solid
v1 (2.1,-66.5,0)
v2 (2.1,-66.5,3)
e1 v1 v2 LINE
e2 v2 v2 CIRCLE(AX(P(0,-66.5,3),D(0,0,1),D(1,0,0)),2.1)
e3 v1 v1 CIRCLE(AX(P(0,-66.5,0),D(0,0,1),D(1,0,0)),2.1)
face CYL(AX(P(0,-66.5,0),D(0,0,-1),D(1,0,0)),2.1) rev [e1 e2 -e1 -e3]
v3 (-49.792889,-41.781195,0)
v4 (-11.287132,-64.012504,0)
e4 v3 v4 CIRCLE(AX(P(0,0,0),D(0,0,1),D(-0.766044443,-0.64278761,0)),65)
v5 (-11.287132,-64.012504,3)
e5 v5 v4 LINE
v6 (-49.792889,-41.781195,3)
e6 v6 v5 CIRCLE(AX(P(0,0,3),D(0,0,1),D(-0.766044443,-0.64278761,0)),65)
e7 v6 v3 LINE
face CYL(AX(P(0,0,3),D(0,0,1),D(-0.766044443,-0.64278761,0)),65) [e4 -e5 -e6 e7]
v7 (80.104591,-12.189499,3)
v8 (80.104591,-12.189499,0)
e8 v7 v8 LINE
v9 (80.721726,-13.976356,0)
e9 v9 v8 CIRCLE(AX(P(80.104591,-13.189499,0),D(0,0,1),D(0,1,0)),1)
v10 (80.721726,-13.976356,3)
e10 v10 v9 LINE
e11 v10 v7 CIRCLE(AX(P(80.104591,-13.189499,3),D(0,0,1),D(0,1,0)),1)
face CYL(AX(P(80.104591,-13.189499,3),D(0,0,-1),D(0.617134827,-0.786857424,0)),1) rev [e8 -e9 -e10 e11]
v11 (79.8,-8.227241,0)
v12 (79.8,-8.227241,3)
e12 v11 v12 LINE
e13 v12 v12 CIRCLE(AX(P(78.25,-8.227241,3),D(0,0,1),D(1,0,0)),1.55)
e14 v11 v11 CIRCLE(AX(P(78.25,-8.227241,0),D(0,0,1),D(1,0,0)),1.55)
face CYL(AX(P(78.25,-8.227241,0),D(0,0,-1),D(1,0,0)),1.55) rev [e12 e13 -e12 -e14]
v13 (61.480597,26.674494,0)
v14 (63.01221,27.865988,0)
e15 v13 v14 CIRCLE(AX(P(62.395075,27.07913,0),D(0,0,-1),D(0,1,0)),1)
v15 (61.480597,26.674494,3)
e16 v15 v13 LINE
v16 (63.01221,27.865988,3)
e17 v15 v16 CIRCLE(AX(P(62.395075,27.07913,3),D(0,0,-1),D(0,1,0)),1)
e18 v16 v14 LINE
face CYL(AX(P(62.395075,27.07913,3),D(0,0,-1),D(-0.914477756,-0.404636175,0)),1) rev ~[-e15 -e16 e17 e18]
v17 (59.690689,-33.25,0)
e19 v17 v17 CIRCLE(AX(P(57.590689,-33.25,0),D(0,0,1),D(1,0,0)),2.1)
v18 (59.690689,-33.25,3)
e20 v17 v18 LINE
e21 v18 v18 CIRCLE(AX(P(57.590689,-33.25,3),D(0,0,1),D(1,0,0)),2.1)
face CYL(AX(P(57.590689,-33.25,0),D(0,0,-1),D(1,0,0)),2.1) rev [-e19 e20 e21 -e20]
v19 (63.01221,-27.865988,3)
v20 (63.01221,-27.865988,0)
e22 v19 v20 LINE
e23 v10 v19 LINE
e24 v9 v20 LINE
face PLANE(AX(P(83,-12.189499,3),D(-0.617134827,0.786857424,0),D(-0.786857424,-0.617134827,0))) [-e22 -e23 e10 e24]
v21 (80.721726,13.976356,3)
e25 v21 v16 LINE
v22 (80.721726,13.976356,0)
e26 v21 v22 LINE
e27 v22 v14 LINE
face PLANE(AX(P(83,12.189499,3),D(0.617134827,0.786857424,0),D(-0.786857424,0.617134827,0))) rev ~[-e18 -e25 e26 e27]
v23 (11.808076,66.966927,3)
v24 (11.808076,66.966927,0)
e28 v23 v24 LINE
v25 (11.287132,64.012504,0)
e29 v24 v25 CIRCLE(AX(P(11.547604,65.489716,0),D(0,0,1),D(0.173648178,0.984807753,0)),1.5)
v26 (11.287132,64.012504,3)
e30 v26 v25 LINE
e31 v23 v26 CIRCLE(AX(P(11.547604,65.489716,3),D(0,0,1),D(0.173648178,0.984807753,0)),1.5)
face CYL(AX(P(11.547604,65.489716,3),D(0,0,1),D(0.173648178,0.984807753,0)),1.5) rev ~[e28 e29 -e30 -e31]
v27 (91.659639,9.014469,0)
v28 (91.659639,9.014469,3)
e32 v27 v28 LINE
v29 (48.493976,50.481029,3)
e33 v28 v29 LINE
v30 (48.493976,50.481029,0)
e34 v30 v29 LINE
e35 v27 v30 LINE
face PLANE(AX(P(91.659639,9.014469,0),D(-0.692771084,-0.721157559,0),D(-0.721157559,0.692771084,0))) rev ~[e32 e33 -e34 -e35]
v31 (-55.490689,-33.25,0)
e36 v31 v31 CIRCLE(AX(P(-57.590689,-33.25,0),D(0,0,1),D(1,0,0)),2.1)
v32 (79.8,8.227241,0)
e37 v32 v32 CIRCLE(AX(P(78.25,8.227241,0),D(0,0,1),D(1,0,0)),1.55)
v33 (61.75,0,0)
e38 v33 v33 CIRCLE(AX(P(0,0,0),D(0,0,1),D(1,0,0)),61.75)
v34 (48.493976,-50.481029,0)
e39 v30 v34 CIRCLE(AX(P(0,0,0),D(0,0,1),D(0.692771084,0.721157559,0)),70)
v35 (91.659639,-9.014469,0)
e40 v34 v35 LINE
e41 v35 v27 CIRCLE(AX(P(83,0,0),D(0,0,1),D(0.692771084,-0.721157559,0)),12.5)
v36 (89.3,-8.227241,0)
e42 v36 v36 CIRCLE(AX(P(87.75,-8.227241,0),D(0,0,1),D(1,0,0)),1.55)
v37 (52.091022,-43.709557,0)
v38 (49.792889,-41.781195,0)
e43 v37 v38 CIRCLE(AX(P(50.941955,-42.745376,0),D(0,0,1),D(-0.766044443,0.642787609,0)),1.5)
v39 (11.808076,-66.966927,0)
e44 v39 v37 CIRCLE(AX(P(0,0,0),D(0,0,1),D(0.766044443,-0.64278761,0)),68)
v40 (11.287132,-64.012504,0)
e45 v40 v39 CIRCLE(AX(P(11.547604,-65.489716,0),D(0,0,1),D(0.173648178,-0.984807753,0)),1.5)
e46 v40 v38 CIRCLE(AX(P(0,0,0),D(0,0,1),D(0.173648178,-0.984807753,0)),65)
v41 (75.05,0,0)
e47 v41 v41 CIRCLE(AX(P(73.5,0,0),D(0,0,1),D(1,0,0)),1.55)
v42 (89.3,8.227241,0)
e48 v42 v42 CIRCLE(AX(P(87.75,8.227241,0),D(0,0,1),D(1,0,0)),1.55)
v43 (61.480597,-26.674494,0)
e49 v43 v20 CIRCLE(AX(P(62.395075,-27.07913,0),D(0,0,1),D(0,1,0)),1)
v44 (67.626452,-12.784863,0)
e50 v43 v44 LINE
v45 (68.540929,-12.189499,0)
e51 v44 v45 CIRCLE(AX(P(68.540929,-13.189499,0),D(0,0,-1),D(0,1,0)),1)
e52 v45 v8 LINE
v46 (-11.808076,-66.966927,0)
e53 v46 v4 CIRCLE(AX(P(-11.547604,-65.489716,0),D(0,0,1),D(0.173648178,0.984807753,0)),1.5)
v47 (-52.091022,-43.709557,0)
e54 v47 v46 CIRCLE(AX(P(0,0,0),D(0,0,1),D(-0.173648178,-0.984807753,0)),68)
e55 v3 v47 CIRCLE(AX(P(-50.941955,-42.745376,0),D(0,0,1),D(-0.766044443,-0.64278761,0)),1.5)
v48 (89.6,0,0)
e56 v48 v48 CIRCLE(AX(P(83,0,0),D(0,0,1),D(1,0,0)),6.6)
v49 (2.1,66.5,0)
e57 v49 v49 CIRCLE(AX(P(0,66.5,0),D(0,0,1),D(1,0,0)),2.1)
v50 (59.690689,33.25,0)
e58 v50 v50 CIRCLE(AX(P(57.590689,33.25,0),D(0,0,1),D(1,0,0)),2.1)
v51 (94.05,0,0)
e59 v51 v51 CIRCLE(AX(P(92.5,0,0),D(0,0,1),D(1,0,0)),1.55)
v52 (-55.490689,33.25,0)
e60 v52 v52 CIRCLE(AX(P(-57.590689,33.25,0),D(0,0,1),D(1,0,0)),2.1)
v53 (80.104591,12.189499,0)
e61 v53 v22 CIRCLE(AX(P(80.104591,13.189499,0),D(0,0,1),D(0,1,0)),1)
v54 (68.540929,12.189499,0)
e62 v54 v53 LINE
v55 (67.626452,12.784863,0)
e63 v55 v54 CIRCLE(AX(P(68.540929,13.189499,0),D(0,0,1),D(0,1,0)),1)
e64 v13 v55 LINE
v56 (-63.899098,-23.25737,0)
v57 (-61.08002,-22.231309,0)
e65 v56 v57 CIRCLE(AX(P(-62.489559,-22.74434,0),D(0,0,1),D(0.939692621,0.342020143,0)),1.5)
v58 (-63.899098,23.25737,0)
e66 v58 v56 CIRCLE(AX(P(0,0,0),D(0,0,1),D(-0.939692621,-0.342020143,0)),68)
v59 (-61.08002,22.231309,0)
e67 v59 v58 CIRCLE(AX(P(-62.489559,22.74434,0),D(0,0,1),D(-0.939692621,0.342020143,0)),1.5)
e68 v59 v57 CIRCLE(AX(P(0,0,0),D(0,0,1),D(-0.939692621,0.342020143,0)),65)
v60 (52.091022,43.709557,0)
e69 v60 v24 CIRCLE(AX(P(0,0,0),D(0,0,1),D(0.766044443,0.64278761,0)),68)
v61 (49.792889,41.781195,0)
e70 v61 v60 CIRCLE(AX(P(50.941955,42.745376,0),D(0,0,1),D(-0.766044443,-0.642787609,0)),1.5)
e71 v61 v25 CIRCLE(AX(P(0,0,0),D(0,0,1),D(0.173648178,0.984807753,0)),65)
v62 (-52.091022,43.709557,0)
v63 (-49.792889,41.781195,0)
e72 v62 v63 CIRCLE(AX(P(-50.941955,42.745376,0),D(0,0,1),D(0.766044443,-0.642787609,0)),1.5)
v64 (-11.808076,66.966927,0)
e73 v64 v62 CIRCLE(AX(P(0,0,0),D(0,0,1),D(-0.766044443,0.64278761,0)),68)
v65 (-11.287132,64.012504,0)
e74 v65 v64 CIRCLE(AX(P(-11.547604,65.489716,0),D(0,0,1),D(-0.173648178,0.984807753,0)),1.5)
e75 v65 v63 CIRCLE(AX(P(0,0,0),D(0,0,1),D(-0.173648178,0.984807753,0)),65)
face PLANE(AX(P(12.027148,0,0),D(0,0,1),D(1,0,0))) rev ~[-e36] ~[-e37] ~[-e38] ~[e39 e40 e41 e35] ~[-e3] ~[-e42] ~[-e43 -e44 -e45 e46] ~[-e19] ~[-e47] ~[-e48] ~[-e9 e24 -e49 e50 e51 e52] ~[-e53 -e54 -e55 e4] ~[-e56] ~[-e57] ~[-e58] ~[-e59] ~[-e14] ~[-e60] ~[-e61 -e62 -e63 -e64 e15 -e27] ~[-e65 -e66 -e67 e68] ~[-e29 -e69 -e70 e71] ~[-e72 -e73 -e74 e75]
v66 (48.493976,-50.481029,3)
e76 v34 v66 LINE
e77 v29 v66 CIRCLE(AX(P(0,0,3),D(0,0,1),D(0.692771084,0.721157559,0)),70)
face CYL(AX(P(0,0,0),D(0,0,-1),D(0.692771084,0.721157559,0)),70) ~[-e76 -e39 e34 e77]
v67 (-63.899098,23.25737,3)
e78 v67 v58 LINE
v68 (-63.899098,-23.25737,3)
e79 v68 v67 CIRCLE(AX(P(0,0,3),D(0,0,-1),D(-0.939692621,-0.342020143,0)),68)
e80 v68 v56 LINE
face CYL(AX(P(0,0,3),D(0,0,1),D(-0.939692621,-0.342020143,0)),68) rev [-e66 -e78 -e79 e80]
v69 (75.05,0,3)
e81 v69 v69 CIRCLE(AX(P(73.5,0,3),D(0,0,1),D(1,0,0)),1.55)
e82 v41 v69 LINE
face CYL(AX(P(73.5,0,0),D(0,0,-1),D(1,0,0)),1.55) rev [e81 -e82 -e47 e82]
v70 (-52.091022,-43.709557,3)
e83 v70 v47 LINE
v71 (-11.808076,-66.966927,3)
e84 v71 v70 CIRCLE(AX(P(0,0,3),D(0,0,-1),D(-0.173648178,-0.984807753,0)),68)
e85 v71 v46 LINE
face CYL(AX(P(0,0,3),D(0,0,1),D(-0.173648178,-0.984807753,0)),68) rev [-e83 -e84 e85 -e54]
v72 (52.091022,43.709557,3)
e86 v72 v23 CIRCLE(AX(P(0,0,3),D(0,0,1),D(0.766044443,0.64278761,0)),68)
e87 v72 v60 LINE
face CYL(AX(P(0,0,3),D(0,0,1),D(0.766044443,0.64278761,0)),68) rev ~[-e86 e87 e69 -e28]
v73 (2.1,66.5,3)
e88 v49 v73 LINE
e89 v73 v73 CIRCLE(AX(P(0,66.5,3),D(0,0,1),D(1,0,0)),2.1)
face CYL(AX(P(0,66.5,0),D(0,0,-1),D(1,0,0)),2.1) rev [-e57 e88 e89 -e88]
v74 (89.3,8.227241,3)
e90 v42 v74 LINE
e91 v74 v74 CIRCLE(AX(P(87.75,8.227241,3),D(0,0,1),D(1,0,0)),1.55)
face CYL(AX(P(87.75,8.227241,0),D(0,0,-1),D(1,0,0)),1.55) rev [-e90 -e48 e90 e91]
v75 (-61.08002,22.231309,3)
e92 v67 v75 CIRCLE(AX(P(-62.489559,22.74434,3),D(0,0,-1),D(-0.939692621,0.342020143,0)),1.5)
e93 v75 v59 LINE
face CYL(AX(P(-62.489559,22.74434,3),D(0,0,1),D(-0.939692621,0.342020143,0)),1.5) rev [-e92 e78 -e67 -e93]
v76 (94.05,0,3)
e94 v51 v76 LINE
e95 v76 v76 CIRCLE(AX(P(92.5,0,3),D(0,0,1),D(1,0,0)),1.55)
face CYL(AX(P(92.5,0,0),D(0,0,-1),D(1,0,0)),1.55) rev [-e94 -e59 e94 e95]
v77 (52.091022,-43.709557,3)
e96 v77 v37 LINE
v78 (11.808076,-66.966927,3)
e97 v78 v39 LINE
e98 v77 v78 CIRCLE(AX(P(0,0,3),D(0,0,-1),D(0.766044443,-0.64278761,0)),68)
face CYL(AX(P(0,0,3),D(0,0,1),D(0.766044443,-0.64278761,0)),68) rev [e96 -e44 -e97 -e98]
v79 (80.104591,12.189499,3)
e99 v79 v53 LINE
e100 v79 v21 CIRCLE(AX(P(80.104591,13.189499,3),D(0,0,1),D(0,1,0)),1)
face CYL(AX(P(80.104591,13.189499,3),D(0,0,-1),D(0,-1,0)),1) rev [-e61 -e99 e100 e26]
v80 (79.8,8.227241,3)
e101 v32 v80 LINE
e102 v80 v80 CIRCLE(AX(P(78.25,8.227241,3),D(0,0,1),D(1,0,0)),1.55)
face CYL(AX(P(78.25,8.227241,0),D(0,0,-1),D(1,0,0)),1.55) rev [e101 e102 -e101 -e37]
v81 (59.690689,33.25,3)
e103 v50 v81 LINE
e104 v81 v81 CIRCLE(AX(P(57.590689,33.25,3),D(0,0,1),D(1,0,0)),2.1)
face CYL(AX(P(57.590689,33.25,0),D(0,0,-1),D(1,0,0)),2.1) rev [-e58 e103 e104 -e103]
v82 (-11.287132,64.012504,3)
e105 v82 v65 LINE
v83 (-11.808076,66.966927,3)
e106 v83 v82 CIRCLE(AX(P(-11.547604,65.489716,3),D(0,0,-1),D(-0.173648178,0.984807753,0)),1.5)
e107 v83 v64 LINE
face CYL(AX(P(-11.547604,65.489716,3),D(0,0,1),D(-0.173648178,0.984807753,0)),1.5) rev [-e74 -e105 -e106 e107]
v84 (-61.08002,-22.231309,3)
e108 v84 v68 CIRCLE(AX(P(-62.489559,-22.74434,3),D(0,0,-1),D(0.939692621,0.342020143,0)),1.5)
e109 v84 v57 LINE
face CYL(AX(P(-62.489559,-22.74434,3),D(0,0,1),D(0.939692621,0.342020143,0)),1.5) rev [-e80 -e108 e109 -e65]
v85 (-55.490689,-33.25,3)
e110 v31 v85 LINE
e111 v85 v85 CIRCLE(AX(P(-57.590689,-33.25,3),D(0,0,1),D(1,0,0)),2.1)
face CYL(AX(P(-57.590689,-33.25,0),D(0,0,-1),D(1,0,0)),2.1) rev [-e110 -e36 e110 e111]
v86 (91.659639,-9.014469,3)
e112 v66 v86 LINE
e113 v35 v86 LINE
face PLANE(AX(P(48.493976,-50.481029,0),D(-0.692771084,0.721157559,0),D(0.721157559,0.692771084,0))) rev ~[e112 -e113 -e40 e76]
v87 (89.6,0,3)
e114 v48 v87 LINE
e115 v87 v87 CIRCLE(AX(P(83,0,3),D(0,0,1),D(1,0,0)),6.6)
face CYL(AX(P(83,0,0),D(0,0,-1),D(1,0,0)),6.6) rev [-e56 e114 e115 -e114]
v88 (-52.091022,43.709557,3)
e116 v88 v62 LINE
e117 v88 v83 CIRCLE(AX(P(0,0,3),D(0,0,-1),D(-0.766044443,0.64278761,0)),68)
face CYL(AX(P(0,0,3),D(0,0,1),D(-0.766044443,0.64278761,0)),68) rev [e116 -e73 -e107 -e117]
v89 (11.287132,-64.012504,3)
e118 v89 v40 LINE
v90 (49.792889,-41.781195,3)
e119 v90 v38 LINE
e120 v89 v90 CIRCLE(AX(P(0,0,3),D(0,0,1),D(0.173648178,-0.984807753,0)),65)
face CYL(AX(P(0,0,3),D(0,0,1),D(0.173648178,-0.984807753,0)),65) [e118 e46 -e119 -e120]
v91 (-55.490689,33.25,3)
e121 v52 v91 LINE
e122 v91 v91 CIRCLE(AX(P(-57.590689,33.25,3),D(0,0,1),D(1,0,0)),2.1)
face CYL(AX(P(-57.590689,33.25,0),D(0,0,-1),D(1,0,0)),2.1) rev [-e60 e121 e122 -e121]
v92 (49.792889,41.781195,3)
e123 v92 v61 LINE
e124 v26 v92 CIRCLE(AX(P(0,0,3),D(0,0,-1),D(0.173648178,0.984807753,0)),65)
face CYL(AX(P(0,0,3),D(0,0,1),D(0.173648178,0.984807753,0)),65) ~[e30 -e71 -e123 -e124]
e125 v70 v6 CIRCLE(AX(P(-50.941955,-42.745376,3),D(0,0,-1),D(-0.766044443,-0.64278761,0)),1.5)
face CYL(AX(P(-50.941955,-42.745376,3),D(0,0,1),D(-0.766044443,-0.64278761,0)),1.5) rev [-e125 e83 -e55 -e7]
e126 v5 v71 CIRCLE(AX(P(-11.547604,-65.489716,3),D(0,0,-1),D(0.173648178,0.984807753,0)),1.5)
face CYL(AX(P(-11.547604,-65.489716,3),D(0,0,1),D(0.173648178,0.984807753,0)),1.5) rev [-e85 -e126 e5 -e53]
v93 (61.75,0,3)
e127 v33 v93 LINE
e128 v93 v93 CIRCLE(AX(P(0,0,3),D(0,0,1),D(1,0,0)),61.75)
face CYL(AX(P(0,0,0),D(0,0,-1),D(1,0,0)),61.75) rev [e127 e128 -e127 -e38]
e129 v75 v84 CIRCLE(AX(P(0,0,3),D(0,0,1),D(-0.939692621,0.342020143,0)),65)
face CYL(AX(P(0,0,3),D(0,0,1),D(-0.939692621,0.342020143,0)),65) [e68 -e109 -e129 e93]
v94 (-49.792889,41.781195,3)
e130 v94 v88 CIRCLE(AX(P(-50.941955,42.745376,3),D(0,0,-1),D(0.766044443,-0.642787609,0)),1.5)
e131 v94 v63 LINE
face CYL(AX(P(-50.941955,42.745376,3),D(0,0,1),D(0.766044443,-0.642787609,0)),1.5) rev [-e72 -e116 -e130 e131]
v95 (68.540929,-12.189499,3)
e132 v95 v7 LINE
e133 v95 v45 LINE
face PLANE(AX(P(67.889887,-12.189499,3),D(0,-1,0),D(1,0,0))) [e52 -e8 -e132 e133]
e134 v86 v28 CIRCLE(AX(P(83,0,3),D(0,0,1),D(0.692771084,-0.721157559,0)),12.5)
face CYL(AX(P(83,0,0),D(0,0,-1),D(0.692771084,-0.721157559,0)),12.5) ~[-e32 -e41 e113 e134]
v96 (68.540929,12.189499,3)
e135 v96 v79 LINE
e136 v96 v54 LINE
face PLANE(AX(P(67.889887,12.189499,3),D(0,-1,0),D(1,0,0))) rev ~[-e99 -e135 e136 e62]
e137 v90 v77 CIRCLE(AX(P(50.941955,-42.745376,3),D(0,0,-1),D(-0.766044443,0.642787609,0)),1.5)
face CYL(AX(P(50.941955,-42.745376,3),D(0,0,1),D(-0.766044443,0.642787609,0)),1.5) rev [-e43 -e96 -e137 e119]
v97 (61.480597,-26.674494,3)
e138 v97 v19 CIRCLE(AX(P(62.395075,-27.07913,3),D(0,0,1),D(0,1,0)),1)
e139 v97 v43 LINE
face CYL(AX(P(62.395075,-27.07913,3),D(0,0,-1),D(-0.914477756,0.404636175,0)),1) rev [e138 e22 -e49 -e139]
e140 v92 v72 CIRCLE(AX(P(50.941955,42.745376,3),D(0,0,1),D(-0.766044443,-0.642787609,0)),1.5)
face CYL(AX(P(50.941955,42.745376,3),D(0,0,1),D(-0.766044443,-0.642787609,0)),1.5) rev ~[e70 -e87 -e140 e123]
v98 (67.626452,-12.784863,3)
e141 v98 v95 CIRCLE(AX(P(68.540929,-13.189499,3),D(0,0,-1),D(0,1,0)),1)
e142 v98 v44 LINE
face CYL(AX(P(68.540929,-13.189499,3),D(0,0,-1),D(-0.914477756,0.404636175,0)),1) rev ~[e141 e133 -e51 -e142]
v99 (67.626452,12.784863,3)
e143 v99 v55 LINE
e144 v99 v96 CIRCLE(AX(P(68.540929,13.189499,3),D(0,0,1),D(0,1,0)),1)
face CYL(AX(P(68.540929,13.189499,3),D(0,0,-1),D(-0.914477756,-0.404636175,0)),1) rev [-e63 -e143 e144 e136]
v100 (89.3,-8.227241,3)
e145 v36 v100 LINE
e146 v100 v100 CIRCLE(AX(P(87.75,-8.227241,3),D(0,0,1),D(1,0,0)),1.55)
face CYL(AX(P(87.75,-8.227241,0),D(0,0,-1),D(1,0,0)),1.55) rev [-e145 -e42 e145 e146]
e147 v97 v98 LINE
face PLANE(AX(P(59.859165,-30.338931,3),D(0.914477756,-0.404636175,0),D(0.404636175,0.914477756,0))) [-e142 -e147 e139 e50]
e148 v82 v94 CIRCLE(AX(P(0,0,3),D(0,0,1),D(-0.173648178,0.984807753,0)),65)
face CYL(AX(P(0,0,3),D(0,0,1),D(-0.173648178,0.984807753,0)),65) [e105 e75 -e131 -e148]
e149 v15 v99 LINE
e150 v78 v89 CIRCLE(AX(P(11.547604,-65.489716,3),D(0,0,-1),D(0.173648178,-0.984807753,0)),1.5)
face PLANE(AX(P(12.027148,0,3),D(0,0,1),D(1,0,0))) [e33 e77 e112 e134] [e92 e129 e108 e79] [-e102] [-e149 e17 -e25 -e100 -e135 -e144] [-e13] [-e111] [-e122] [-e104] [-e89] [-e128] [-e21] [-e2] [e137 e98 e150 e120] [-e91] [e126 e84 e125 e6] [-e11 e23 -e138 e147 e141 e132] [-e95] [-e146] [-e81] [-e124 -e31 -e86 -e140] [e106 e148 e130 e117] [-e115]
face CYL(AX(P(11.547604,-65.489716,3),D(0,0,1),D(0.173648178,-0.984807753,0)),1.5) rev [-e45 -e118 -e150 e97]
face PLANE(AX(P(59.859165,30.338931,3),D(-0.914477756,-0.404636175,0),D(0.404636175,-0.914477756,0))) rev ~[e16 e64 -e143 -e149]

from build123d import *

# Parameters (mm, degrees)
SKETCH_1_R          = 2.1
SKETCH_1_R_2        = 61.75
SKETCH_1_R_3        = 1.55
SKETCH_1_R_4        = 6.6
EXTRUDE_1_DEPTH     = 3
CUT_EXTRUDE_1_DEPTH = 119.445134978
FILLET_1_R          = 1
CUT_EXTRUDE_2_DEPTH = 119.445134978


with BuildPart() as part:
    # 草图1 → 凸台-拉伸1 (new body)
    with BuildSketch(Plane.XY):
        with BuildLine():
            Line((91.659638554, 9.014469486), (48.493975904, 50.48102912))
            ThreePointArc((48.493975904, 50.48102912), (-70, 0), (48.493975904, -50.48102912))
            Line((48.493975904, -50.48102912), (91.659638554, -9.014469486))
            ThreePointArc((91.659638554, -9.014469486), (95.5, 0), (91.659638554, 9.014469486))
        make_face()
        with Locations((0, 66.5)):
            Circle(SKETCH_1_R, mode=Mode.SUBTRACT)
        with Locations((57.590689352, 33.25)):
            Circle(SKETCH_1_R, mode=Mode.SUBTRACT)
        with Locations((0, -66.5)):
            Circle(SKETCH_1_R, mode=Mode.SUBTRACT)
        with Locations((-57.590689352, -33.25)):
            Circle(SKETCH_1_R, mode=Mode.SUBTRACT)
        with Locations((57.590689352, -33.25)):
            Circle(SKETCH_1_R, mode=Mode.SUBTRACT)
        with Locations((-57.590689352, 33.25)):
            Circle(SKETCH_1_R, mode=Mode.SUBTRACT)
        Circle(SKETCH_1_R_2, mode=Mode.SUBTRACT)
        with Locations((87.75, 8.227241336)):
            Circle(SKETCH_1_R_3, mode=Mode.SUBTRACT)
        with Locations((78.25, -8.227241336)):
            Circle(SKETCH_1_R_3, mode=Mode.SUBTRACT)
        with Locations((87.75, -8.227241336)):
            Circle(SKETCH_1_R_3, mode=Mode.SUBTRACT)
        with Locations((73.5, 0)):
            Circle(SKETCH_1_R_3, mode=Mode.SUBTRACT)
        with Locations((83, 0)):
            Circle(SKETCH_1_R_4, mode=Mode.SUBTRACT)
        with Locations((78.25, 8.227241336)):
            Circle(SKETCH_1_R_3, mode=Mode.SUBTRACT)
        with Locations((92.5, 0)):
            Circle(SKETCH_1_R_3, mode=Mode.SUBTRACT)
    extrude(amount=EXTRUDE_1_DEPTH)

    # 草图2 → 切除-拉伸1 (cut, through all)
    with BuildSketch(Plane.XY.offset(3)):
        Polygon((59.859164826, 30.33893107), (67.889886949, 12.18949907), (83, 12.18949907), align=None)
        Polygon((67.889886949, -12.18949907), (83, -12.18949907), (59.859164826, -30.33893107), align=None)
    extrude(amount=-CUT_EXTRUDE_1_DEPTH, mode=Mode.SUBTRACT)

    # 圆角1
    fillet_1_edges = [part.edges().sort_by_distance(p)[0] for p in [
        (59.859164826, 30.33893107, 1.5),
        (83, 12.18949907, 1.5),
        (67.889886949, 12.18949907, 1.5),
        (59.859164826, -30.33893107, 1.5),
        (67.889886949, -12.18949907, 1.5),
        (83, -12.18949907, 1.5),
    ]]
    fillet(fillet_1_edges, radius=FILLET_1_R)

    # 草图3 → 切除-拉伸2 (cut, through all)
    with BuildSketch(Plane.XY.offset(3)):
        with BuildLine():
            ThreePointArc((52.091022132, 43.709557459), (34, 58.889727457), (11.808076081, 66.966927205))
            ThreePointArc((11.808076081, 66.966927205), (10.070392185, 65.750187842), (11.287131548, 64.012503946))
            ThreePointArc((11.287131548, 64.012503946), (32.5, 56.291651246), (49.792888803, 41.78119463))
            ThreePointArc((49.792888803, 41.78119463), (51.906136882, 41.596309379), (52.091022132, 43.709557459))
        make_face()
        with BuildLine():
            ThreePointArc((11.287131548, -64.012503946), (32.5, -56.291651246), (49.792888803, -41.78119463))
            ThreePointArc((49.792888803, -41.78119463), (51.906136882, -41.596309379), (52.091022132, -43.709557459))
            ThreePointArc((52.091022132, -43.709557459), (34, -58.889727457), (11.808076081, -66.966927205))
            ThreePointArc((11.808076081, -66.966927205), (10.070392185, -65.750187842), (11.287131548, -64.012503946))
        make_face()
        with BuildLine():
            ThreePointArc((-49.792888803, -41.78119463), (-32.5, -56.291651246), (-11.287131548, -64.012503946))
            ThreePointArc((-11.287131548, -64.012503946), (-10.070392185, -65.750187842), (-11.808076081, -66.966927205))
            ThreePointArc((-11.808076081, -66.966927205), (-34, -58.889727457), (-52.091022132, -43.709557459))
            ThreePointArc((-52.091022132, -43.709557459), (-51.906136882, -41.596309379), (-49.792888803, -41.78119463))
        make_face()
        with BuildLine():
            ThreePointArc((-61.080020351, 22.231309316), (-65, 0), (-61.080020351, -22.231309316))
            ThreePointArc((-61.080020351, -22.231309316), (-61.976529067, -24.153878462), (-63.899098213, -23.257369746))
            ThreePointArc((-63.899098213, -23.257369746), (-68, 0), (-63.899098213, 23.257369746))
            ThreePointArc((-63.899098213, 23.257369746), (-61.976529067, 24.153878462), (-61.080020351, 22.231309316))
        make_face()
        with BuildLine():
            ThreePointArc((-11.287131548, 64.012503946), (-32.5, 56.291651246), (-49.792888803, 41.78119463))
            ThreePointArc((-49.792888803, 41.78119463), (-51.906136882, 41.596309379), (-52.091022132, 43.709557459))
            ThreePointArc((-52.091022132, 43.709557459), (-34, 58.889727457), (-11.808076081, 66.966927205))
            ThreePointArc((-11.808076081, 66.966927205), (-10.070392185, 65.750187842), (-11.287131548, 64.012503946))
        make_face()
    extrude(amount=-CUT_EXTRUDE_2_DEPTH, mode=Mode.SUBTRACT)


solid = part.part
